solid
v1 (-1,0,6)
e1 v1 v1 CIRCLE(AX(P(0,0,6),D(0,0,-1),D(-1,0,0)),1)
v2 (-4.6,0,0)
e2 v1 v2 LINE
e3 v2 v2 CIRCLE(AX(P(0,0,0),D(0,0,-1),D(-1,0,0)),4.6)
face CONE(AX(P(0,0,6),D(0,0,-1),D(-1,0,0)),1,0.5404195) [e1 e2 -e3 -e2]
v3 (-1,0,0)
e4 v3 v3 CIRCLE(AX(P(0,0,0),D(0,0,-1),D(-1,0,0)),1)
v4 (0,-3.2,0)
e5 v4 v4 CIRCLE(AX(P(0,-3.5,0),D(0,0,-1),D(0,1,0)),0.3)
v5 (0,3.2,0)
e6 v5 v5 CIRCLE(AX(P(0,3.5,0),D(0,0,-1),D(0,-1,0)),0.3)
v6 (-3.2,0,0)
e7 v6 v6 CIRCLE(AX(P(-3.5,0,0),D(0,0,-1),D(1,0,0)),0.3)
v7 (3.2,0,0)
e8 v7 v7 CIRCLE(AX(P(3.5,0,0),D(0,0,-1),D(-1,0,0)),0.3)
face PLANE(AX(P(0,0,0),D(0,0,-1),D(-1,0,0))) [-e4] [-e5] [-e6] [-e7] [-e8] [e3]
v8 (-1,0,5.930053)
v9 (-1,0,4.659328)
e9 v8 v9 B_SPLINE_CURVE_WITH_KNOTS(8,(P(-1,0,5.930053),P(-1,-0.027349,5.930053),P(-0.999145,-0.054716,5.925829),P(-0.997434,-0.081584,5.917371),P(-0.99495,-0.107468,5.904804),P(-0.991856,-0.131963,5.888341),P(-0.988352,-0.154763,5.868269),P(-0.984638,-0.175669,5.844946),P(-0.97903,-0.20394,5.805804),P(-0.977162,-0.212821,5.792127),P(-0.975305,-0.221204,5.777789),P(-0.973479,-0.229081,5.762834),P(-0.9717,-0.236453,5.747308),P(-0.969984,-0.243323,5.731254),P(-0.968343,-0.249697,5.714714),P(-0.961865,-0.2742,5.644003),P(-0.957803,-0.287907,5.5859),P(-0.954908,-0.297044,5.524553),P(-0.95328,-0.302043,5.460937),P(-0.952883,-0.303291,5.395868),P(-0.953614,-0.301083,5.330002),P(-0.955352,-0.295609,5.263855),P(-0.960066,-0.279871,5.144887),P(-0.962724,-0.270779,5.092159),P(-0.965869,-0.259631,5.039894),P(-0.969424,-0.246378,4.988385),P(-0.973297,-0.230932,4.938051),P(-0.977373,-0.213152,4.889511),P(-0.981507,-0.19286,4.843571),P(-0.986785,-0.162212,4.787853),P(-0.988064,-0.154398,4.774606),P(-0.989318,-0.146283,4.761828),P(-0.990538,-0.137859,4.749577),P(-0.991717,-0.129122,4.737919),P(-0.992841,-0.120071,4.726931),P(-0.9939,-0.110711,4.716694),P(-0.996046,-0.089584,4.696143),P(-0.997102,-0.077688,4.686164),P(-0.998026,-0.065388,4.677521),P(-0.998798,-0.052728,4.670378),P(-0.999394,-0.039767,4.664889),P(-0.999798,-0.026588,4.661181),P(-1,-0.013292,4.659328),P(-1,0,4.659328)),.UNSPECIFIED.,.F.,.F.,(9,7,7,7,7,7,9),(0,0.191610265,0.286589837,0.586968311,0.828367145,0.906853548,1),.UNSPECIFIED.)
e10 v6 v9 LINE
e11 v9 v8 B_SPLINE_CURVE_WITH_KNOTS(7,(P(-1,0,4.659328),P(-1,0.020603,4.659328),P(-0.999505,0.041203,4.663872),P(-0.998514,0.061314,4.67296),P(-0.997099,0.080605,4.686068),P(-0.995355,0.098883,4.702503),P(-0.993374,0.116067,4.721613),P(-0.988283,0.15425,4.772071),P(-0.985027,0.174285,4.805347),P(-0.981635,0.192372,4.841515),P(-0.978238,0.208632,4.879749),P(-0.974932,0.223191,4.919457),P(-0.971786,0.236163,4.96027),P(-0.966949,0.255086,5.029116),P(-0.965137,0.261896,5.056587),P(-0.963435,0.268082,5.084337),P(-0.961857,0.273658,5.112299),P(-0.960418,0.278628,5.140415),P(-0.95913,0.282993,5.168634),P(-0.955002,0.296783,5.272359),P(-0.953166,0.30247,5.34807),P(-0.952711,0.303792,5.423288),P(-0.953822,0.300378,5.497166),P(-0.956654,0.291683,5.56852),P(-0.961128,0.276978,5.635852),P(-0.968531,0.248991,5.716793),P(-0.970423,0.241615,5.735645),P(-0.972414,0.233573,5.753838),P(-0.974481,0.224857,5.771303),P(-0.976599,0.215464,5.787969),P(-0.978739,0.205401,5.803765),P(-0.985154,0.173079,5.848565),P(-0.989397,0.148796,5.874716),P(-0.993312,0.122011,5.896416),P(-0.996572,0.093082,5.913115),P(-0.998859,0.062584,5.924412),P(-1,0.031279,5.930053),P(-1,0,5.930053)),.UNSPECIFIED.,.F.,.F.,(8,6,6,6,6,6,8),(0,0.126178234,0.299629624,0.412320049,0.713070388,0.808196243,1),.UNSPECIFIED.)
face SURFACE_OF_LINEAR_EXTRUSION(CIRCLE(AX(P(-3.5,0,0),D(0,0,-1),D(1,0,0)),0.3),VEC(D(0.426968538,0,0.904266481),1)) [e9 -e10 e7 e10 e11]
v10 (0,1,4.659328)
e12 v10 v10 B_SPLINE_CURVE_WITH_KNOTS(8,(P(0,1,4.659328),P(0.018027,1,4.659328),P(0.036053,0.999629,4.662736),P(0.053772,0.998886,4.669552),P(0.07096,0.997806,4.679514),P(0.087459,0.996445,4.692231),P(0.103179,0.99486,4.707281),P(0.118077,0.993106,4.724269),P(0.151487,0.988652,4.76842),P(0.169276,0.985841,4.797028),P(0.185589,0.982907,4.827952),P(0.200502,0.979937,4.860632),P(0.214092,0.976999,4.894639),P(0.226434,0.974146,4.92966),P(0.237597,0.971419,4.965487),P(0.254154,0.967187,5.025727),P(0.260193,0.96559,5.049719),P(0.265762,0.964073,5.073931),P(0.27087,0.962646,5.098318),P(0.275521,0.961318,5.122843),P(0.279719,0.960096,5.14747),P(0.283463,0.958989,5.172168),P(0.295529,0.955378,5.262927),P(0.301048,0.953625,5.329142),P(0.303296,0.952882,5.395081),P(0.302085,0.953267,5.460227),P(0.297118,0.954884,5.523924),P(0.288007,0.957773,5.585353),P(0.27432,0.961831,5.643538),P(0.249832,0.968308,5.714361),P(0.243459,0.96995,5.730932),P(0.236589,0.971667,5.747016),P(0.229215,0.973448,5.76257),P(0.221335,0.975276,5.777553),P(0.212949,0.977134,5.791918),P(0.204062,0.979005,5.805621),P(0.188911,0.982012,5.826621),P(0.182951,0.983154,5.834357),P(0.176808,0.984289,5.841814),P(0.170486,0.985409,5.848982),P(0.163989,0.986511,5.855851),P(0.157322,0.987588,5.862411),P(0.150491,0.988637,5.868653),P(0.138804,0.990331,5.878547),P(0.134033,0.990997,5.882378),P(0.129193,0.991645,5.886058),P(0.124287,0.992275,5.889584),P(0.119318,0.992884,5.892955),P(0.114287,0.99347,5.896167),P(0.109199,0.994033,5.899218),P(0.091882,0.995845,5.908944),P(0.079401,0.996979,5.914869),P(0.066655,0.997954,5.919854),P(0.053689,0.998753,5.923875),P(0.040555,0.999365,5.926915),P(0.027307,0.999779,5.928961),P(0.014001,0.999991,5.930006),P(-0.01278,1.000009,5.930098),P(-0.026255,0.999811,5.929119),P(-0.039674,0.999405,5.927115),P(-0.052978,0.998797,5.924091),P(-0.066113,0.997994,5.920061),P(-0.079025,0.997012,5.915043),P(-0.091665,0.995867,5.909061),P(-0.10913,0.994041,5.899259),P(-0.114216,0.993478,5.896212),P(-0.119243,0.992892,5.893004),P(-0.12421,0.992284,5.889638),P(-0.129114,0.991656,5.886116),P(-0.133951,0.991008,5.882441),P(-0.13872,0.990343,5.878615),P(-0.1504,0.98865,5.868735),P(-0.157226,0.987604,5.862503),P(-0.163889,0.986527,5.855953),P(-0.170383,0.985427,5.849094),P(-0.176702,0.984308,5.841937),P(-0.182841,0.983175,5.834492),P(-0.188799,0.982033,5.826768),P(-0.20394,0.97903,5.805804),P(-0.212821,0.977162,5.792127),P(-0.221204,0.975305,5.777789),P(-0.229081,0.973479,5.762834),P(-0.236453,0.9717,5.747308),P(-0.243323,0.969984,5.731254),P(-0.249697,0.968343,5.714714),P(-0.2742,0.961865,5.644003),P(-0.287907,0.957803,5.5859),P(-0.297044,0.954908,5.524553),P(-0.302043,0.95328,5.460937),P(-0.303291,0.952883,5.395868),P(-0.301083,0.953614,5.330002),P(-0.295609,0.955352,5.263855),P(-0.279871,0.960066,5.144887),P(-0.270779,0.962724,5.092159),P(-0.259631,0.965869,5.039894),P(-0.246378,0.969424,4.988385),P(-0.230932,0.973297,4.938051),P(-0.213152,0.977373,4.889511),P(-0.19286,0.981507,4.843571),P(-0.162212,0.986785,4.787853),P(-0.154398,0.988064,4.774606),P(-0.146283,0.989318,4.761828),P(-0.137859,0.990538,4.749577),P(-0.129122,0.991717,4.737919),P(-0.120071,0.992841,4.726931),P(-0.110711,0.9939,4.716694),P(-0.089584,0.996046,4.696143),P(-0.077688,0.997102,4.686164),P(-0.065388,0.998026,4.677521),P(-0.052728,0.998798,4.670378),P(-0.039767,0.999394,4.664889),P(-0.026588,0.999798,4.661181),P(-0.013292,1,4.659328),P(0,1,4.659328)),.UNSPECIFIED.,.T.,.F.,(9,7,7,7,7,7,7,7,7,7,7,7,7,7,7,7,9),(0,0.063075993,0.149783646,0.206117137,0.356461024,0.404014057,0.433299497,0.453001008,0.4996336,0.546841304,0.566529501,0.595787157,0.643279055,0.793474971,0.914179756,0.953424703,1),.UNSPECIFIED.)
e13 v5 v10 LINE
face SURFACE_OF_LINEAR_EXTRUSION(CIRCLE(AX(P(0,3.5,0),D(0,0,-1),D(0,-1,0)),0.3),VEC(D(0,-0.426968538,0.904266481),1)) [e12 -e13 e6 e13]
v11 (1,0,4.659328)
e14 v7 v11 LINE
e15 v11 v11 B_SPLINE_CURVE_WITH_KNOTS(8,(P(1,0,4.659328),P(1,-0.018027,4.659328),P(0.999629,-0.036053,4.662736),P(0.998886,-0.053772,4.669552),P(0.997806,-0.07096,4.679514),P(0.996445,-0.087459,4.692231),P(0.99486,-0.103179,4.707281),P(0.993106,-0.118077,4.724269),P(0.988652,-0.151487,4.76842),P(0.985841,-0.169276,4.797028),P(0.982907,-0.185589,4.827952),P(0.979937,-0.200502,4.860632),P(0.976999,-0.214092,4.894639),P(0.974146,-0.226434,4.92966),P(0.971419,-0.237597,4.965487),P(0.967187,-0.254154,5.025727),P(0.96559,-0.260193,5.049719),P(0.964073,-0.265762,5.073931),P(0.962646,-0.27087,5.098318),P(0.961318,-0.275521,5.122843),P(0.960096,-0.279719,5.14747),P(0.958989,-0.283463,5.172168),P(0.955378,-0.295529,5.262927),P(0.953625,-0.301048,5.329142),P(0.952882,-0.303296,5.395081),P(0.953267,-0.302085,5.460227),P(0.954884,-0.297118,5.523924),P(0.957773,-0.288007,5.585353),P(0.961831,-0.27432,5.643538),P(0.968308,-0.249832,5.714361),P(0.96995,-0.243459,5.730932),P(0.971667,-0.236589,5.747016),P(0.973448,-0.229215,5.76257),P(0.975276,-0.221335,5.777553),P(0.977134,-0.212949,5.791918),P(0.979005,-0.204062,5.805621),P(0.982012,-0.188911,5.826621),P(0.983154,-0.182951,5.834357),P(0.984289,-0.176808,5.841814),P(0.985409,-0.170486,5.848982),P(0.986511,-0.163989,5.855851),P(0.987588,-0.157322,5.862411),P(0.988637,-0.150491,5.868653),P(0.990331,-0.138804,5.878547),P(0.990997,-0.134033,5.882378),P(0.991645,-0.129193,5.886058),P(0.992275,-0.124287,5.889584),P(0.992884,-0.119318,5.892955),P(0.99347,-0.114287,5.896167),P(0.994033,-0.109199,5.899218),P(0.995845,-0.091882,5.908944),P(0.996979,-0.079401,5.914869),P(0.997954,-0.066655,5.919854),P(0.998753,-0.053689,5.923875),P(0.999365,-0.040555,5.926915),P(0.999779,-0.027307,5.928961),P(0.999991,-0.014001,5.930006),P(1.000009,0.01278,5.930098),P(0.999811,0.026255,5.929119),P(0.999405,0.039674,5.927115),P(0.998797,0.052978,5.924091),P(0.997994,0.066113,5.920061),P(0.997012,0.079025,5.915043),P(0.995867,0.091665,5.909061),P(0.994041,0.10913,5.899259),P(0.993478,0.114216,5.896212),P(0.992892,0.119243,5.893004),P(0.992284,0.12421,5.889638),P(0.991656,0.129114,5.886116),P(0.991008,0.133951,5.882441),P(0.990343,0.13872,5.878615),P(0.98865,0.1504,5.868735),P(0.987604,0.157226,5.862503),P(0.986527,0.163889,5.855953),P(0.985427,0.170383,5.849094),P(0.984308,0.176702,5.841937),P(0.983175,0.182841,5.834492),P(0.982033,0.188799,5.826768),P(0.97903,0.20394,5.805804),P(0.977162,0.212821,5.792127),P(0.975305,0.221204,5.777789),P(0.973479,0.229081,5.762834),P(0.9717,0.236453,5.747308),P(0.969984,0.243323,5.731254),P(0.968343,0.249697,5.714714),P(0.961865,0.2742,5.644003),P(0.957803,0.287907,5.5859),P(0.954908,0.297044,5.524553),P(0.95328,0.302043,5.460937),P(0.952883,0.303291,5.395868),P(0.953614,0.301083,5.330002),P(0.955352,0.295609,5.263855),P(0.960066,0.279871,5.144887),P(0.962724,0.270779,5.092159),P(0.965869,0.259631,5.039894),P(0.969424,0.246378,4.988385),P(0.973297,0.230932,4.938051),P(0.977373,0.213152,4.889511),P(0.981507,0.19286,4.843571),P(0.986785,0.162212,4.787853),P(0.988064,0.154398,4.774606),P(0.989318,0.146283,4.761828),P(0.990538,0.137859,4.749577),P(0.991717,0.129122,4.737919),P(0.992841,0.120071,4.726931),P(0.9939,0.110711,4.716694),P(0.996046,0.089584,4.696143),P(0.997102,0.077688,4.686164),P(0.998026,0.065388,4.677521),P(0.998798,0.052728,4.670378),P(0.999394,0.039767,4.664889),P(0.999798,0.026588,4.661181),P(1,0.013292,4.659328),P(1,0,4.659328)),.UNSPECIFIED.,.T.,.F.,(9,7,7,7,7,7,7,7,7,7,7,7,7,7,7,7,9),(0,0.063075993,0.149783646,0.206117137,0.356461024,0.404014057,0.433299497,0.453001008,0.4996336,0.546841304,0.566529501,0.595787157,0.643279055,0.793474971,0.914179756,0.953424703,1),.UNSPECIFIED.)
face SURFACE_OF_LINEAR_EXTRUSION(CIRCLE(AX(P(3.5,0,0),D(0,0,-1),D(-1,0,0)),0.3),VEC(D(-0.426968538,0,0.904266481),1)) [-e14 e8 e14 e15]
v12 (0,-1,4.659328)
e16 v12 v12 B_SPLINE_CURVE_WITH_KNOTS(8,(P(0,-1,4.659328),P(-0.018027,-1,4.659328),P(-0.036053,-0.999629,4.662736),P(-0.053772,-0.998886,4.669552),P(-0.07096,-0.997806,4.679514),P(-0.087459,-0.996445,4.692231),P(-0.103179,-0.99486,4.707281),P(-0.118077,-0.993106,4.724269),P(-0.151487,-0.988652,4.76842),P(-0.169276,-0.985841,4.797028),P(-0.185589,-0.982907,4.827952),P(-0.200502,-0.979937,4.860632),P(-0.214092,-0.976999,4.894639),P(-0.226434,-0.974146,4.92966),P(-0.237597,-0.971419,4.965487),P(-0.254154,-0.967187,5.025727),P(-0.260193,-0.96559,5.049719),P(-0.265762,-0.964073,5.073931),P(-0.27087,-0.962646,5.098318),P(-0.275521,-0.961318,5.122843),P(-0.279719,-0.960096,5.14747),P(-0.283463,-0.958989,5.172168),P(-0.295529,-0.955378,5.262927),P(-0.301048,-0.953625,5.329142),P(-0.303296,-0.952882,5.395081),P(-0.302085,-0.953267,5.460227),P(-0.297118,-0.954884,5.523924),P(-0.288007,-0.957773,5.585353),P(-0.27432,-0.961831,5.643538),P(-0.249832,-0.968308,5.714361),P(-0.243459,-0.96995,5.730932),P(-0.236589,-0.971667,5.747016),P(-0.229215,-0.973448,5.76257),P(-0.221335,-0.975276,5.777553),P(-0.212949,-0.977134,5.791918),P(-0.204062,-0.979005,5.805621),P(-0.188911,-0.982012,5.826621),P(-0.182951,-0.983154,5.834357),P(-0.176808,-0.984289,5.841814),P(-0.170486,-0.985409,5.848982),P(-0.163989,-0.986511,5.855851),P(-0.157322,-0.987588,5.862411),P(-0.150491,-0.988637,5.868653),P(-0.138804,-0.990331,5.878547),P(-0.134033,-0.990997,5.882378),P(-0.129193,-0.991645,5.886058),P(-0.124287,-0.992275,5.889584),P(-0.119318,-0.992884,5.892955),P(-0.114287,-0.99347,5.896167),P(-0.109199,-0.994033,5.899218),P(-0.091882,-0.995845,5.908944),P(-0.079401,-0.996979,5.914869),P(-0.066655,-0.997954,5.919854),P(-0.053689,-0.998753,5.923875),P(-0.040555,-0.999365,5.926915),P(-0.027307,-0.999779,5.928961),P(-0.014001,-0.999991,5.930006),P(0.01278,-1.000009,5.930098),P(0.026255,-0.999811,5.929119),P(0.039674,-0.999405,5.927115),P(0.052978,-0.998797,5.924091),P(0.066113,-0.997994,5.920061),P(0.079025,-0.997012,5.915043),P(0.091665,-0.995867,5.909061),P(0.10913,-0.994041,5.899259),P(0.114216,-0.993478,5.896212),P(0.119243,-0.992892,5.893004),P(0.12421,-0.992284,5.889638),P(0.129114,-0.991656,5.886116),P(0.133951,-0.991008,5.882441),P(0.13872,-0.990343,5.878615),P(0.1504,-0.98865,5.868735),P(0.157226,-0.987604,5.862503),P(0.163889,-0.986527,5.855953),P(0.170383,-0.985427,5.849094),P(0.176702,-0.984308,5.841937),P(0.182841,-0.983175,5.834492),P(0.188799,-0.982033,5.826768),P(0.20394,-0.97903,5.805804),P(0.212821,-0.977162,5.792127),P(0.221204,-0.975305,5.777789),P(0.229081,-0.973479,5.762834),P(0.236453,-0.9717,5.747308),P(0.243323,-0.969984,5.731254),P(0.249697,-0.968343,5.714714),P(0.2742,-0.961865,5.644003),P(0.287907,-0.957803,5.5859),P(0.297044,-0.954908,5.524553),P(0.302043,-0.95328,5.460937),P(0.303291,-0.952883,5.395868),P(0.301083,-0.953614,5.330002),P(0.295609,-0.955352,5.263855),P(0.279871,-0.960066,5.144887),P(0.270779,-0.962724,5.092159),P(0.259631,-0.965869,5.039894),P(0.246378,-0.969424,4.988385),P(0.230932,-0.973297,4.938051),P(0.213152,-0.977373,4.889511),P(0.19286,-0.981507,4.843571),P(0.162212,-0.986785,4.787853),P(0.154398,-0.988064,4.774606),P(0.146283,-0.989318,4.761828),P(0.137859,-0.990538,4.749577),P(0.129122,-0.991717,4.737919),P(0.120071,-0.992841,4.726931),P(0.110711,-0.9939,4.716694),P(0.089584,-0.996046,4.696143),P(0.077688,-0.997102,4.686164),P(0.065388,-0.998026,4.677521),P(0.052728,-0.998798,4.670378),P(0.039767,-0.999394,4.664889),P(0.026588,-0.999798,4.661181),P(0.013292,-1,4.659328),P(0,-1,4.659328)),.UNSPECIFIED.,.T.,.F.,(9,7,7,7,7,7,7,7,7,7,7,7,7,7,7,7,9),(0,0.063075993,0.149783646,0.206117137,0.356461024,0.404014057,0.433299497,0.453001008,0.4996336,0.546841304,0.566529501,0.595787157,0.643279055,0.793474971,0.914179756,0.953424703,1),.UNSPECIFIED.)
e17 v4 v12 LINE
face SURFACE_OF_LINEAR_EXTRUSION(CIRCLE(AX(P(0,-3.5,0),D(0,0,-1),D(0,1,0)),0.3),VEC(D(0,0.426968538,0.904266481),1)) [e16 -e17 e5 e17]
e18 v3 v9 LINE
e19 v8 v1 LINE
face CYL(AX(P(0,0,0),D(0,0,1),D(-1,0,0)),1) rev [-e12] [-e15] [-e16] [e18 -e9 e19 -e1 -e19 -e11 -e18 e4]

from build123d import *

# Parameters (mm, degrees)
F2_R     = 0.3
F4_COUNT = 4


with BuildPart() as f1:
    # F0 (on Front) → F1 (revolve)
    with BuildSketch(Plane.XZ):
        Polygon((-1, 0), (-1, 6), (-3.833026858, 0), align=None)
        Polygon((-3.833026858, 0), (-1, 6), (-4.6, 0), align=None)
    revolve(axis=Axis((0, 0, 3), (0, 0, -1)))

    # F3: sweep along a path in F0
    with BuildLine(Plane.XZ) as f3_path:
        Line((-3.833026858, 0), (-1, 6))
    # F2 (on face) → F3 (sweep, cut)
    with BuildSketch(Plane(origin=(0, 0, 0), x_dir=(1, 0, 0), z_dir=(0, 0, -1))):
        with Locations((-3.5, 0)):
            Circle(F2_R)
    f3 = sweep(path=f3_path.line, mode=Mode.SUBTRACT)

    # F4: F3 ×4 about axis
    f4_axis = Axis((0, 0, 0), (0, 0, -1))
    for i in range(1, F4_COUNT):
        add(f3.rotate(f4_axis, i * 360 / F4_COUNT), mode=Mode.SUBTRACT)


solid = f1.part
